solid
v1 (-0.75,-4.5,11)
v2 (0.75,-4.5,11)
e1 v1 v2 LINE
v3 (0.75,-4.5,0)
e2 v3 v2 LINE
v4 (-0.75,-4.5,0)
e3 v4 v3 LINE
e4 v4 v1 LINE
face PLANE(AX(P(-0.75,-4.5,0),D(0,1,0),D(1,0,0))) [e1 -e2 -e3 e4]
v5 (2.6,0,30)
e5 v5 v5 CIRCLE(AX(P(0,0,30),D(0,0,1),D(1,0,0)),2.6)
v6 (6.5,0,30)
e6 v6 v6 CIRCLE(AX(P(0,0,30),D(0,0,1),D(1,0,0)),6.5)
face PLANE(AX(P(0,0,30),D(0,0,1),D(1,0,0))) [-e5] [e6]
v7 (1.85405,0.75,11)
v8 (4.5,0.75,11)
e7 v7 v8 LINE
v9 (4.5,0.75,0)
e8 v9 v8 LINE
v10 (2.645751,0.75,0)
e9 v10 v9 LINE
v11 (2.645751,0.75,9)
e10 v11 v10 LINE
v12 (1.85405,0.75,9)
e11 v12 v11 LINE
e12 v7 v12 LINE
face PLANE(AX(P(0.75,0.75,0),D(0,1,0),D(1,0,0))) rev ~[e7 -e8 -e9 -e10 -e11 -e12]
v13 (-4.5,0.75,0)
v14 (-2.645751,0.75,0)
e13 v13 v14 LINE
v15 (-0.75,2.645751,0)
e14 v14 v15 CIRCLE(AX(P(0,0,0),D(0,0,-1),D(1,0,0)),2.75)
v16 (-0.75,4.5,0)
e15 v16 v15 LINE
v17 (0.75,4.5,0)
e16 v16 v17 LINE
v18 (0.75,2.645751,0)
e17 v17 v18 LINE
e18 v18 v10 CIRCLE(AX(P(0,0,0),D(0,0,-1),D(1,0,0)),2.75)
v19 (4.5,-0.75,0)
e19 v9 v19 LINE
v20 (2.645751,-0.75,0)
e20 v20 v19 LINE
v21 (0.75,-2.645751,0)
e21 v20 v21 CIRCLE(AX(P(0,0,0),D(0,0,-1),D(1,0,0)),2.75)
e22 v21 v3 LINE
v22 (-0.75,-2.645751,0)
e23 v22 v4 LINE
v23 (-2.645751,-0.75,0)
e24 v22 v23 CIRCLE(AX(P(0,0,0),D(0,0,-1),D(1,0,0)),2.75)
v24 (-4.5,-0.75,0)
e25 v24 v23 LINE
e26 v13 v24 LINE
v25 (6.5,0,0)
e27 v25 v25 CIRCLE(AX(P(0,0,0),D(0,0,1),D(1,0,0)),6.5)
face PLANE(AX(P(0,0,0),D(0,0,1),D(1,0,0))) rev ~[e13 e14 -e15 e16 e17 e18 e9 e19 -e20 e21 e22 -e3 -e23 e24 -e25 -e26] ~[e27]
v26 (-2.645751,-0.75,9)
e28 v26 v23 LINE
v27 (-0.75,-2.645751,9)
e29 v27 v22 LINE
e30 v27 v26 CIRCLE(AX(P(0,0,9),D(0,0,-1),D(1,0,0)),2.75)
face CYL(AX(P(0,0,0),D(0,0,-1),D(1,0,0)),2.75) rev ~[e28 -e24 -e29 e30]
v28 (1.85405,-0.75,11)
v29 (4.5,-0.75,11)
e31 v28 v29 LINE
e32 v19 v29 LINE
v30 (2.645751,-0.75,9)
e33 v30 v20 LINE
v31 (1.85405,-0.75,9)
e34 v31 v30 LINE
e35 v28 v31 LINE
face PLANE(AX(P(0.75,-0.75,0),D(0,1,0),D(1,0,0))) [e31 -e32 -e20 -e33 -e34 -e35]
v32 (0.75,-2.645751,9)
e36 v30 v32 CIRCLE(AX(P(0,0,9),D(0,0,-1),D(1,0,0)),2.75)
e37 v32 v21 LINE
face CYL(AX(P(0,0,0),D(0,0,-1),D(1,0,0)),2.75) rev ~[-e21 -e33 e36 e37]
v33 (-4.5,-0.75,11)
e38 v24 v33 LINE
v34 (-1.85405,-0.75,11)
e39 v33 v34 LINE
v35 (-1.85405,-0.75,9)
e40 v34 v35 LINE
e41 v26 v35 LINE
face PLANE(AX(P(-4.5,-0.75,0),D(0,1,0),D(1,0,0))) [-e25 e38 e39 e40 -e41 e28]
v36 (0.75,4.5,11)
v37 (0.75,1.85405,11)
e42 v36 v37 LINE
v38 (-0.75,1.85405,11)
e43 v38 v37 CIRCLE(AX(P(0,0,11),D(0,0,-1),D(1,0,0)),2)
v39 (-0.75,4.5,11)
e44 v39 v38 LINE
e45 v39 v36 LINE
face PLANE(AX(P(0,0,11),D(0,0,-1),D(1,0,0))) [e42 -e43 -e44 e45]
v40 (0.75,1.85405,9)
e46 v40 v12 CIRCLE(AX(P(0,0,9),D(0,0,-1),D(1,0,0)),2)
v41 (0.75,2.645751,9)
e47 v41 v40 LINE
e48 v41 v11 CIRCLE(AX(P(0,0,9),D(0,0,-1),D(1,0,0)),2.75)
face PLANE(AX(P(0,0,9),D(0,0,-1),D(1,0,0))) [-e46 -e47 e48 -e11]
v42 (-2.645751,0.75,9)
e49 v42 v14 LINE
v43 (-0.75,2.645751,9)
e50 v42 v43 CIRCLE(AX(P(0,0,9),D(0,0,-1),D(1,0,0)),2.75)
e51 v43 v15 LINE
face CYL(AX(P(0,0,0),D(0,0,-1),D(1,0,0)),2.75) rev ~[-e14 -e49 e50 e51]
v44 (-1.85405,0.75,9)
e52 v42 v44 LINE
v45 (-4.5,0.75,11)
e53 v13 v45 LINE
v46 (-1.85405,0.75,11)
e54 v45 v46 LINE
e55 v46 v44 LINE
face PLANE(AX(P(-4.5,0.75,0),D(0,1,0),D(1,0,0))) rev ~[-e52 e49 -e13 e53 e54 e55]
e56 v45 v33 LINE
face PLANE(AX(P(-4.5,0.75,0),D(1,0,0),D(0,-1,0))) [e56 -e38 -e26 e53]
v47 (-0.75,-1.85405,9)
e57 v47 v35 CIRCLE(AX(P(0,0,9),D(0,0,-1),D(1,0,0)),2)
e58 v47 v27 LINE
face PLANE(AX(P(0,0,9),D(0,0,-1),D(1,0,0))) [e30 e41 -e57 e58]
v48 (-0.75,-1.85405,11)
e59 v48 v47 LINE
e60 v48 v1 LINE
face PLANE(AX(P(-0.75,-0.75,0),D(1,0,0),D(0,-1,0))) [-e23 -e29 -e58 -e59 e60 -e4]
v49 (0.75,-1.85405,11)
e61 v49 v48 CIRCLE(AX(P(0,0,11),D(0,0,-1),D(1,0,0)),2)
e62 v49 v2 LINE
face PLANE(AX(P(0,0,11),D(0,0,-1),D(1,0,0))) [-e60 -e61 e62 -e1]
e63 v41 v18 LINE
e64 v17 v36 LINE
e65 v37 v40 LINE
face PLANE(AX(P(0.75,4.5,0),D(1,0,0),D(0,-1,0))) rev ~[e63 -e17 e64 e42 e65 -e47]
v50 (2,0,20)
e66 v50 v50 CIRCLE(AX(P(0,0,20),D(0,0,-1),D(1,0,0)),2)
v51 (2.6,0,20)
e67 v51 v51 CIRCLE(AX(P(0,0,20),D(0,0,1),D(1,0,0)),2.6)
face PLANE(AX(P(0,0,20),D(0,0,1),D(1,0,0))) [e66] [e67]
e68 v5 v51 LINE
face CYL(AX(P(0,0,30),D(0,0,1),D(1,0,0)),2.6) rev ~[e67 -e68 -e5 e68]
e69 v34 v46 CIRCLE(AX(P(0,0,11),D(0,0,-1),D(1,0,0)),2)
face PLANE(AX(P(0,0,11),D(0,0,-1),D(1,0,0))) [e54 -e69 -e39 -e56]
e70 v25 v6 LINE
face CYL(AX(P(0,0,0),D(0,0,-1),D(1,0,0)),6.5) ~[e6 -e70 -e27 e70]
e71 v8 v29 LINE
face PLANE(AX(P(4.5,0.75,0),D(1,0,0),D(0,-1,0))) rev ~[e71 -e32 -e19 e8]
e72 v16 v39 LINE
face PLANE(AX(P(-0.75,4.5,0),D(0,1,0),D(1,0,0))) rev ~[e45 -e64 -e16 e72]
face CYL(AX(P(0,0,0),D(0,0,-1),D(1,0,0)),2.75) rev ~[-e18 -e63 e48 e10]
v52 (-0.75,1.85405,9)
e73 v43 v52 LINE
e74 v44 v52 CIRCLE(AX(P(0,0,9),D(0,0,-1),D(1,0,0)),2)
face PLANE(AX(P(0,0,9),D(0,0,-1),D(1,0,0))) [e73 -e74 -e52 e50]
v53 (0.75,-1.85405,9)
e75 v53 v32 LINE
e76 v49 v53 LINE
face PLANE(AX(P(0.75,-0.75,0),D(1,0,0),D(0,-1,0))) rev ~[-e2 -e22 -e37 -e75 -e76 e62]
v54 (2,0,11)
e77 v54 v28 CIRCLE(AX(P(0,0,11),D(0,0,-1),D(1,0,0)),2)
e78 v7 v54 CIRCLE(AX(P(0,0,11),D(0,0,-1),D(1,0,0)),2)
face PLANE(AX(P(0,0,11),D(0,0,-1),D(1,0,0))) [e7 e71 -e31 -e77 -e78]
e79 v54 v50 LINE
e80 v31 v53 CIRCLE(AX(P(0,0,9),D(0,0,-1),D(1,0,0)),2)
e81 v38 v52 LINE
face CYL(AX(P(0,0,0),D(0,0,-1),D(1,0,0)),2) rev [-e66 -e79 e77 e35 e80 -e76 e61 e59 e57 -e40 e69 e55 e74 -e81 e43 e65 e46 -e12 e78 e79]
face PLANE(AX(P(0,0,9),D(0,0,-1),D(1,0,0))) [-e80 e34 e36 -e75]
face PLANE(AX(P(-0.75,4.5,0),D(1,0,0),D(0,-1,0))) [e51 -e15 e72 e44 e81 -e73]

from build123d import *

# Parameters (mm, degrees)
SKETCH_R        = 6.5
SKETCH_R_2      = 2
PAD_DEPTH       = 30
SKETCH001_R     = 2.6
POCKET_DEPTH    = 10
SKETCH002_R     = 2.75
POCKET001_DEPTH = 9
SKETCH003_W     = 9
SKETCH003_H     = 1.5
SKETCH003_W_2   = 1.5
SKETCH003_H_2   = 9
POCKET002_DEPTH = 11


with BuildPart() as part:
    # Sketch → Pad (new body)
    with BuildSketch(Plane.XY):
        Circle(SKETCH_R)
        Circle(SKETCH_R_2, mode=Mode.SUBTRACT)
    extrude(amount=PAD_DEPTH)

    # Sketch001 → Pocket (cut)
    with BuildSketch(Plane.XY.offset(30)):
        Circle(SKETCH001_R)
    extrude(amount=-POCKET_DEPTH, mode=Mode.SUBTRACT)

    # Sketch002 → Pocket001 (cut)
    with BuildSketch(Plane(origin=(0, 0, 0), x_dir=(1, 0, 0), z_dir=(0, 0, -1))):
        Circle(SKETCH002_R)
    extrude(amount=-POCKET001_DEPTH, mode=Mode.SUBTRACT)

    # Sketch003 → Pocket002 (cut)
    with BuildSketch(Plane(origin=(0, 0, 0), x_dir=(1, 0, 0), z_dir=(0, 0, -1))):
        Rectangle(SKETCH003_W, SKETCH003_H)
        Rectangle(SKETCH003_W_2, SKETCH003_H_2)
    extrude(amount=-POCKET002_DEPTH, mode=Mode.SUBTRACT)


solid = part.part
